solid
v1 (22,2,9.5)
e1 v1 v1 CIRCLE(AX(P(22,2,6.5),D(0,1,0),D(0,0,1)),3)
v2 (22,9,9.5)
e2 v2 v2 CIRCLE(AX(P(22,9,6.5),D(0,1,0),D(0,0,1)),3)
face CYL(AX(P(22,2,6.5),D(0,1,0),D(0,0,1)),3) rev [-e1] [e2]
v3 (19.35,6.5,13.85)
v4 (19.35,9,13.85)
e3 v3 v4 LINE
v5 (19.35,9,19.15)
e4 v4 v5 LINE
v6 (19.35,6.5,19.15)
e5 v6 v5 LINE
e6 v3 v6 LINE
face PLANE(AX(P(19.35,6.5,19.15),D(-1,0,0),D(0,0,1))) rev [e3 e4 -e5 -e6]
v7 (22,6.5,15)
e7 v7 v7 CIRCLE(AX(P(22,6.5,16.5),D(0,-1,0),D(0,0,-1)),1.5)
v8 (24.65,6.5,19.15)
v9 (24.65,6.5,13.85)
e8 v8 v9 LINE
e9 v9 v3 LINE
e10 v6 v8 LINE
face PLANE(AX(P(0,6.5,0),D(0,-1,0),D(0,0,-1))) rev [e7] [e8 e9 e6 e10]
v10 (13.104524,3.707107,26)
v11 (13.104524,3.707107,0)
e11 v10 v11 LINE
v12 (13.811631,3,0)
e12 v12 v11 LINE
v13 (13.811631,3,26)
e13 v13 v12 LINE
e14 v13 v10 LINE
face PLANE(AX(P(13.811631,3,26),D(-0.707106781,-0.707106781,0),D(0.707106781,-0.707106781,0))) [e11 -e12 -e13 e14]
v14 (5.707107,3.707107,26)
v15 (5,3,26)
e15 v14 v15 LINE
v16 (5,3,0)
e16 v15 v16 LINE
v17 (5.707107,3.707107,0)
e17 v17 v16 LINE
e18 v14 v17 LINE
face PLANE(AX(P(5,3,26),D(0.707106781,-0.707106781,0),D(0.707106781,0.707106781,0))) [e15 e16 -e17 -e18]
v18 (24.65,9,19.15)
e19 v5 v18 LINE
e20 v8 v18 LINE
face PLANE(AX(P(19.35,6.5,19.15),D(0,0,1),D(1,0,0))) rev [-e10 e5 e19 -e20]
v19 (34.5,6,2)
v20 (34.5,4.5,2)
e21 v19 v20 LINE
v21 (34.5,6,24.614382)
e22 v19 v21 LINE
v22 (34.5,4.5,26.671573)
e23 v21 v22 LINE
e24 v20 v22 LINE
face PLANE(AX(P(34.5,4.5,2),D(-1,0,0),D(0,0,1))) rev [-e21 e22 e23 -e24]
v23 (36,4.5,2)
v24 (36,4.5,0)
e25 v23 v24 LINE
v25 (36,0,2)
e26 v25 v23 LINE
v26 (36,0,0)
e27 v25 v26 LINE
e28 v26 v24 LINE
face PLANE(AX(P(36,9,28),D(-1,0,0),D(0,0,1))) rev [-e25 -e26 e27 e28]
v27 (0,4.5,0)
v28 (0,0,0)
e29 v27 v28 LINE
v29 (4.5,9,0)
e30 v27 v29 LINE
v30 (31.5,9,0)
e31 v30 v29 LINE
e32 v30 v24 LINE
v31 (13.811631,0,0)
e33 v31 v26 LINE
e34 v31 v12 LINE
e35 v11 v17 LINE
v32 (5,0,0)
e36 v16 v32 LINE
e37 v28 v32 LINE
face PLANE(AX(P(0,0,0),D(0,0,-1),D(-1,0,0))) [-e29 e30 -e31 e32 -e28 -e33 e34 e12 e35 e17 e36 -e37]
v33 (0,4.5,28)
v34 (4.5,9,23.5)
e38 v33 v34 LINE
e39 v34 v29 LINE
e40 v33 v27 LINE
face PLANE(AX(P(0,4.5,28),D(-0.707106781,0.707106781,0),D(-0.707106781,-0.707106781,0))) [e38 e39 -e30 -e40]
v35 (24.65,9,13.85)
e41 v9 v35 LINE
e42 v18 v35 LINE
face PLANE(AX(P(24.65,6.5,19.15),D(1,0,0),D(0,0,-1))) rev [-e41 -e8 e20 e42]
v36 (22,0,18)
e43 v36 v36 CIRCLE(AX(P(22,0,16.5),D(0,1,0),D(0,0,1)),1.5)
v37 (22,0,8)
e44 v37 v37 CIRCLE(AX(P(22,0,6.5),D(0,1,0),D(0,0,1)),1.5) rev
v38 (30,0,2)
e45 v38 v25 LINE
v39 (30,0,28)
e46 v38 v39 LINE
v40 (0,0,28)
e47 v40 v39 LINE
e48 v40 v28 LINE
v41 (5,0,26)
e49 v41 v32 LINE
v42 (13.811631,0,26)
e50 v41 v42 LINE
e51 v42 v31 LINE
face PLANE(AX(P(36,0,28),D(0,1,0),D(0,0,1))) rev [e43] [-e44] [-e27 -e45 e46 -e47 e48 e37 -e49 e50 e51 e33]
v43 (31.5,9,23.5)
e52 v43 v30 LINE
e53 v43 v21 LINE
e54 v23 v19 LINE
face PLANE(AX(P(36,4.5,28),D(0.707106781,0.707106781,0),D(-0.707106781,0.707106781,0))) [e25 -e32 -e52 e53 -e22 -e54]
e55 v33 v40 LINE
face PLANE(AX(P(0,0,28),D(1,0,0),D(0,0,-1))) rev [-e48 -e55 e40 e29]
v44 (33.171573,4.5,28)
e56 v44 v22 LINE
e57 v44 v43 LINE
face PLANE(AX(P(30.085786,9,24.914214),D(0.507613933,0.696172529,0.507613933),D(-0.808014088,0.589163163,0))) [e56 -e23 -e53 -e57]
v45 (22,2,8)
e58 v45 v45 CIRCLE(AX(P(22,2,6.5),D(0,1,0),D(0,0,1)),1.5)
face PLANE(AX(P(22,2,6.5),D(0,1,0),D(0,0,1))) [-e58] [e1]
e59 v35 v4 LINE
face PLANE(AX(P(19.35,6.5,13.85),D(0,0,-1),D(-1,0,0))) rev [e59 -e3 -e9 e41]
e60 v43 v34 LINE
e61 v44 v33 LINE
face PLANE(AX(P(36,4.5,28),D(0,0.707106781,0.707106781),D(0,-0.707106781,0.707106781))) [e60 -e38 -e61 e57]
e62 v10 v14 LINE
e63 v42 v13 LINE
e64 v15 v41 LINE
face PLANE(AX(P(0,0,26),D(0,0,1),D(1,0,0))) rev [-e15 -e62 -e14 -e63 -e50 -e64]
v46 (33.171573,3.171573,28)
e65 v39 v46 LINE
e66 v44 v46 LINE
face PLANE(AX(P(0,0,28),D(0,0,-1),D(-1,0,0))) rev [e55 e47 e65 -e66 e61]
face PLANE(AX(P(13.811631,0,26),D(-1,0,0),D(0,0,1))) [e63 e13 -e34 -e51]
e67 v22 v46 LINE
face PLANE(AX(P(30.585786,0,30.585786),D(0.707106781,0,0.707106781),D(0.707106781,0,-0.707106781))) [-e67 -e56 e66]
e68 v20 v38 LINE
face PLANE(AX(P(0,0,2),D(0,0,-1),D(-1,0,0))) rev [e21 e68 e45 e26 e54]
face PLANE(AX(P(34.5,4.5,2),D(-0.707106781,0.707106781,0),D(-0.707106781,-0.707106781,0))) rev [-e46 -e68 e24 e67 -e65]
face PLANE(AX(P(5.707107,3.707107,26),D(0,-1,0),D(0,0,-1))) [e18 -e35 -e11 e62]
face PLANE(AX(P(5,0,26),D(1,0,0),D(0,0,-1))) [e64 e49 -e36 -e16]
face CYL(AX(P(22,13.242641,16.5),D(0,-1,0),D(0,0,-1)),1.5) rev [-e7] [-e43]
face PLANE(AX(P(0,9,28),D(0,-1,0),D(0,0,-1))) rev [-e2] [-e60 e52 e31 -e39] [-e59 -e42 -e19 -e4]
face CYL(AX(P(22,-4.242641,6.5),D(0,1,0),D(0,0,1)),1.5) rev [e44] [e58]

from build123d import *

# Parameters (mm, degrees)
SKETCH1_W               = 36
SKETCH1_H               = 9
BOSS_EXTRUDE1_DEPTH     = 28
CUT_EXTRUDE1_DEPTH      = 28
CUT_EXTRUDE2_DEPTH      = 36
SKETCH5_W               = 11.440376565
SKETCH5_H               = 15.618965423
CUT_EXTRUDE4_DEPTH      = 2
CUT_EXTRUDE5_DEPTH      = 2
CUT_EXTRUDE5_DEPTH_BACK = 2
CUT_EXTRUDE6_DEPTH      = 26
CUT_EXTRUDE7_DEPTH      = 26
SKETCH10_R              = 3
CUT_EXTRUDE8_DEPTH      = 7
SKETCH11_R              = 1.5
CUT_EXTRUDE9_DEPTH      = 2
SKETCH12_R              = 1.5
CUT_EXTRUDE10_DEPTH     = 9
SKETCH13_W              = 5.3
SKETCH13_H              = 5.3
CUT_EXTRUDE11_DEPTH     = 2.5


with BuildPart() as part:
    # Sketch1 → Boss-Extrude1 (new body)
    with BuildSketch(Plane.XY):
        with Locations((18, 4.5)):
            Rectangle(SKETCH1_W, SKETCH1_H)
    extrude(amount=BOSS_EXTRUDE1_DEPTH)

    # Sketch2 → Cut-Extrude1 (cut)
    with BuildSketch(Plane.XY):
        Polygon((0, 4.5), (4.5, 9), (0, 9), align=None)
        Polygon((36, 4.5), (31.5, 9), (36, 9), align=None)
    extrude(amount=CUT_EXTRUDE1_DEPTH, mode=Mode.SUBTRACT)

    # Sketch3 → Cut-Extrude2 (cut)
    with BuildSketch(Plane(origin=(0, 0, 0), x_dir=(0, 0, -1), z_dir=(1, 0, 0))):
        Polygon((-28, 4.5), (-23.5, 9), (-28, 9), align=None)
    extrude(amount=CUT_EXTRUDE2_DEPTH, mode=Mode.SUBTRACT)

    # Sketch5 → Cut-Extrude4 (cut)
    with BuildSketch(Plane(origin=(32, 0, 32), x_dir=(0, 1, 0), z_dir=(0.707106781, 0, 0.707106781))):
        with Locations((5.720188283, -5.935696583)):
            Rectangle(SKETCH5_W, SKETCH5_H)
    extrude(amount=-CUT_EXTRUDE4_DEPTH, mode=Mode.SUBTRACT)

    # Sketch6 → Cut-Extrude5 (cut, two sides)
    with BuildSketch(Plane(origin=(4, 0, -4), x_dir=(0.577350269, -0.577350269, 0.577350269), z_dir=(-0.707106781, 0, 0.707106781))) as cut_extrude5_sk:
        Polygon((26.558112383, 29.802125204), (32.719347855, 28.647424665), (30.19862658, 32.212262879), align=None)
    extrude(amount=CUT_EXTRUDE5_DEPTH, mode=Mode.SUBTRACT)
    extrude(cut_extrude5_sk.sketch, amount=-CUT_EXTRUDE5_DEPTH_BACK, mode=Mode.SUBTRACT)

    # Sketch7 → Cut-Extrude6 (cut)
    with BuildSketch(Plane.XY):
        Polygon((5, 0), (5, 3), (5.707106781, 3.707106781), (13.104524105, 3.707106781), (13.811630886, 3), (13.811630886, 0), align=None)
    extrude(amount=CUT_EXTRUDE6_DEPTH, mode=Mode.SUBTRACT)

    # Sketch8 → Cut-Extrude7 (cut)
    with BuildSketch(Plane.XY.offset(28)):
        Polygon((36, 0), (30, 0), (34.5, 4.5), (34.5, 6), (36, 6), align=None)
    extrude(amount=-CUT_EXTRUDE7_DEPTH, mode=Mode.SUBTRACT)

    # Sketch10 → Cut-Extrude8 (cut)
    with BuildSketch(Plane(origin=(0, 9, 0), x_dir=(1, 0, 0), z_dir=(0, 1, 0))):
        with Locations((22, -6.5)):
            Circle(SKETCH10_R)
    extrude(amount=-CUT_EXTRUDE8_DEPTH, mode=Mode.SUBTRACT)

    # Sketch11 → Cut-Extrude9 (cut)
    with BuildSketch(Plane(origin=(0, 2, 0), x_dir=(1, 0, 0), z_dir=(0, 1, 0))):
        with Locations((22, -6.5)):
            Circle(SKETCH11_R)
    extrude(amount=-CUT_EXTRUDE9_DEPTH, mode=Mode.SUBTRACT)

    # Sketch12 → Cut-Extrude10 (cut)
    with BuildSketch(Plane(origin=(0, 0, 0), x_dir=(1, 0, 0), z_dir=(0, 1, 0))):
        with Locations((22, -16.5)):
            Circle(SKETCH12_R)
    extrude(amount=CUT_EXTRUDE10_DEPTH, mode=Mode.SUBTRACT)

    # Sketch13 → Cut-Extrude11 (cut)
    with BuildSketch(Plane(origin=(0, 9, 0), x_dir=(1, 0, 0), z_dir=(0, 1, 0))):
        with Locations((22, -16.5)):
            Rectangle(SKETCH13_W, SKETCH13_H)
    extrude(amount=-CUT_EXTRUDE11_DEPTH, mode=Mode.SUBTRACT)


solid = part.part
